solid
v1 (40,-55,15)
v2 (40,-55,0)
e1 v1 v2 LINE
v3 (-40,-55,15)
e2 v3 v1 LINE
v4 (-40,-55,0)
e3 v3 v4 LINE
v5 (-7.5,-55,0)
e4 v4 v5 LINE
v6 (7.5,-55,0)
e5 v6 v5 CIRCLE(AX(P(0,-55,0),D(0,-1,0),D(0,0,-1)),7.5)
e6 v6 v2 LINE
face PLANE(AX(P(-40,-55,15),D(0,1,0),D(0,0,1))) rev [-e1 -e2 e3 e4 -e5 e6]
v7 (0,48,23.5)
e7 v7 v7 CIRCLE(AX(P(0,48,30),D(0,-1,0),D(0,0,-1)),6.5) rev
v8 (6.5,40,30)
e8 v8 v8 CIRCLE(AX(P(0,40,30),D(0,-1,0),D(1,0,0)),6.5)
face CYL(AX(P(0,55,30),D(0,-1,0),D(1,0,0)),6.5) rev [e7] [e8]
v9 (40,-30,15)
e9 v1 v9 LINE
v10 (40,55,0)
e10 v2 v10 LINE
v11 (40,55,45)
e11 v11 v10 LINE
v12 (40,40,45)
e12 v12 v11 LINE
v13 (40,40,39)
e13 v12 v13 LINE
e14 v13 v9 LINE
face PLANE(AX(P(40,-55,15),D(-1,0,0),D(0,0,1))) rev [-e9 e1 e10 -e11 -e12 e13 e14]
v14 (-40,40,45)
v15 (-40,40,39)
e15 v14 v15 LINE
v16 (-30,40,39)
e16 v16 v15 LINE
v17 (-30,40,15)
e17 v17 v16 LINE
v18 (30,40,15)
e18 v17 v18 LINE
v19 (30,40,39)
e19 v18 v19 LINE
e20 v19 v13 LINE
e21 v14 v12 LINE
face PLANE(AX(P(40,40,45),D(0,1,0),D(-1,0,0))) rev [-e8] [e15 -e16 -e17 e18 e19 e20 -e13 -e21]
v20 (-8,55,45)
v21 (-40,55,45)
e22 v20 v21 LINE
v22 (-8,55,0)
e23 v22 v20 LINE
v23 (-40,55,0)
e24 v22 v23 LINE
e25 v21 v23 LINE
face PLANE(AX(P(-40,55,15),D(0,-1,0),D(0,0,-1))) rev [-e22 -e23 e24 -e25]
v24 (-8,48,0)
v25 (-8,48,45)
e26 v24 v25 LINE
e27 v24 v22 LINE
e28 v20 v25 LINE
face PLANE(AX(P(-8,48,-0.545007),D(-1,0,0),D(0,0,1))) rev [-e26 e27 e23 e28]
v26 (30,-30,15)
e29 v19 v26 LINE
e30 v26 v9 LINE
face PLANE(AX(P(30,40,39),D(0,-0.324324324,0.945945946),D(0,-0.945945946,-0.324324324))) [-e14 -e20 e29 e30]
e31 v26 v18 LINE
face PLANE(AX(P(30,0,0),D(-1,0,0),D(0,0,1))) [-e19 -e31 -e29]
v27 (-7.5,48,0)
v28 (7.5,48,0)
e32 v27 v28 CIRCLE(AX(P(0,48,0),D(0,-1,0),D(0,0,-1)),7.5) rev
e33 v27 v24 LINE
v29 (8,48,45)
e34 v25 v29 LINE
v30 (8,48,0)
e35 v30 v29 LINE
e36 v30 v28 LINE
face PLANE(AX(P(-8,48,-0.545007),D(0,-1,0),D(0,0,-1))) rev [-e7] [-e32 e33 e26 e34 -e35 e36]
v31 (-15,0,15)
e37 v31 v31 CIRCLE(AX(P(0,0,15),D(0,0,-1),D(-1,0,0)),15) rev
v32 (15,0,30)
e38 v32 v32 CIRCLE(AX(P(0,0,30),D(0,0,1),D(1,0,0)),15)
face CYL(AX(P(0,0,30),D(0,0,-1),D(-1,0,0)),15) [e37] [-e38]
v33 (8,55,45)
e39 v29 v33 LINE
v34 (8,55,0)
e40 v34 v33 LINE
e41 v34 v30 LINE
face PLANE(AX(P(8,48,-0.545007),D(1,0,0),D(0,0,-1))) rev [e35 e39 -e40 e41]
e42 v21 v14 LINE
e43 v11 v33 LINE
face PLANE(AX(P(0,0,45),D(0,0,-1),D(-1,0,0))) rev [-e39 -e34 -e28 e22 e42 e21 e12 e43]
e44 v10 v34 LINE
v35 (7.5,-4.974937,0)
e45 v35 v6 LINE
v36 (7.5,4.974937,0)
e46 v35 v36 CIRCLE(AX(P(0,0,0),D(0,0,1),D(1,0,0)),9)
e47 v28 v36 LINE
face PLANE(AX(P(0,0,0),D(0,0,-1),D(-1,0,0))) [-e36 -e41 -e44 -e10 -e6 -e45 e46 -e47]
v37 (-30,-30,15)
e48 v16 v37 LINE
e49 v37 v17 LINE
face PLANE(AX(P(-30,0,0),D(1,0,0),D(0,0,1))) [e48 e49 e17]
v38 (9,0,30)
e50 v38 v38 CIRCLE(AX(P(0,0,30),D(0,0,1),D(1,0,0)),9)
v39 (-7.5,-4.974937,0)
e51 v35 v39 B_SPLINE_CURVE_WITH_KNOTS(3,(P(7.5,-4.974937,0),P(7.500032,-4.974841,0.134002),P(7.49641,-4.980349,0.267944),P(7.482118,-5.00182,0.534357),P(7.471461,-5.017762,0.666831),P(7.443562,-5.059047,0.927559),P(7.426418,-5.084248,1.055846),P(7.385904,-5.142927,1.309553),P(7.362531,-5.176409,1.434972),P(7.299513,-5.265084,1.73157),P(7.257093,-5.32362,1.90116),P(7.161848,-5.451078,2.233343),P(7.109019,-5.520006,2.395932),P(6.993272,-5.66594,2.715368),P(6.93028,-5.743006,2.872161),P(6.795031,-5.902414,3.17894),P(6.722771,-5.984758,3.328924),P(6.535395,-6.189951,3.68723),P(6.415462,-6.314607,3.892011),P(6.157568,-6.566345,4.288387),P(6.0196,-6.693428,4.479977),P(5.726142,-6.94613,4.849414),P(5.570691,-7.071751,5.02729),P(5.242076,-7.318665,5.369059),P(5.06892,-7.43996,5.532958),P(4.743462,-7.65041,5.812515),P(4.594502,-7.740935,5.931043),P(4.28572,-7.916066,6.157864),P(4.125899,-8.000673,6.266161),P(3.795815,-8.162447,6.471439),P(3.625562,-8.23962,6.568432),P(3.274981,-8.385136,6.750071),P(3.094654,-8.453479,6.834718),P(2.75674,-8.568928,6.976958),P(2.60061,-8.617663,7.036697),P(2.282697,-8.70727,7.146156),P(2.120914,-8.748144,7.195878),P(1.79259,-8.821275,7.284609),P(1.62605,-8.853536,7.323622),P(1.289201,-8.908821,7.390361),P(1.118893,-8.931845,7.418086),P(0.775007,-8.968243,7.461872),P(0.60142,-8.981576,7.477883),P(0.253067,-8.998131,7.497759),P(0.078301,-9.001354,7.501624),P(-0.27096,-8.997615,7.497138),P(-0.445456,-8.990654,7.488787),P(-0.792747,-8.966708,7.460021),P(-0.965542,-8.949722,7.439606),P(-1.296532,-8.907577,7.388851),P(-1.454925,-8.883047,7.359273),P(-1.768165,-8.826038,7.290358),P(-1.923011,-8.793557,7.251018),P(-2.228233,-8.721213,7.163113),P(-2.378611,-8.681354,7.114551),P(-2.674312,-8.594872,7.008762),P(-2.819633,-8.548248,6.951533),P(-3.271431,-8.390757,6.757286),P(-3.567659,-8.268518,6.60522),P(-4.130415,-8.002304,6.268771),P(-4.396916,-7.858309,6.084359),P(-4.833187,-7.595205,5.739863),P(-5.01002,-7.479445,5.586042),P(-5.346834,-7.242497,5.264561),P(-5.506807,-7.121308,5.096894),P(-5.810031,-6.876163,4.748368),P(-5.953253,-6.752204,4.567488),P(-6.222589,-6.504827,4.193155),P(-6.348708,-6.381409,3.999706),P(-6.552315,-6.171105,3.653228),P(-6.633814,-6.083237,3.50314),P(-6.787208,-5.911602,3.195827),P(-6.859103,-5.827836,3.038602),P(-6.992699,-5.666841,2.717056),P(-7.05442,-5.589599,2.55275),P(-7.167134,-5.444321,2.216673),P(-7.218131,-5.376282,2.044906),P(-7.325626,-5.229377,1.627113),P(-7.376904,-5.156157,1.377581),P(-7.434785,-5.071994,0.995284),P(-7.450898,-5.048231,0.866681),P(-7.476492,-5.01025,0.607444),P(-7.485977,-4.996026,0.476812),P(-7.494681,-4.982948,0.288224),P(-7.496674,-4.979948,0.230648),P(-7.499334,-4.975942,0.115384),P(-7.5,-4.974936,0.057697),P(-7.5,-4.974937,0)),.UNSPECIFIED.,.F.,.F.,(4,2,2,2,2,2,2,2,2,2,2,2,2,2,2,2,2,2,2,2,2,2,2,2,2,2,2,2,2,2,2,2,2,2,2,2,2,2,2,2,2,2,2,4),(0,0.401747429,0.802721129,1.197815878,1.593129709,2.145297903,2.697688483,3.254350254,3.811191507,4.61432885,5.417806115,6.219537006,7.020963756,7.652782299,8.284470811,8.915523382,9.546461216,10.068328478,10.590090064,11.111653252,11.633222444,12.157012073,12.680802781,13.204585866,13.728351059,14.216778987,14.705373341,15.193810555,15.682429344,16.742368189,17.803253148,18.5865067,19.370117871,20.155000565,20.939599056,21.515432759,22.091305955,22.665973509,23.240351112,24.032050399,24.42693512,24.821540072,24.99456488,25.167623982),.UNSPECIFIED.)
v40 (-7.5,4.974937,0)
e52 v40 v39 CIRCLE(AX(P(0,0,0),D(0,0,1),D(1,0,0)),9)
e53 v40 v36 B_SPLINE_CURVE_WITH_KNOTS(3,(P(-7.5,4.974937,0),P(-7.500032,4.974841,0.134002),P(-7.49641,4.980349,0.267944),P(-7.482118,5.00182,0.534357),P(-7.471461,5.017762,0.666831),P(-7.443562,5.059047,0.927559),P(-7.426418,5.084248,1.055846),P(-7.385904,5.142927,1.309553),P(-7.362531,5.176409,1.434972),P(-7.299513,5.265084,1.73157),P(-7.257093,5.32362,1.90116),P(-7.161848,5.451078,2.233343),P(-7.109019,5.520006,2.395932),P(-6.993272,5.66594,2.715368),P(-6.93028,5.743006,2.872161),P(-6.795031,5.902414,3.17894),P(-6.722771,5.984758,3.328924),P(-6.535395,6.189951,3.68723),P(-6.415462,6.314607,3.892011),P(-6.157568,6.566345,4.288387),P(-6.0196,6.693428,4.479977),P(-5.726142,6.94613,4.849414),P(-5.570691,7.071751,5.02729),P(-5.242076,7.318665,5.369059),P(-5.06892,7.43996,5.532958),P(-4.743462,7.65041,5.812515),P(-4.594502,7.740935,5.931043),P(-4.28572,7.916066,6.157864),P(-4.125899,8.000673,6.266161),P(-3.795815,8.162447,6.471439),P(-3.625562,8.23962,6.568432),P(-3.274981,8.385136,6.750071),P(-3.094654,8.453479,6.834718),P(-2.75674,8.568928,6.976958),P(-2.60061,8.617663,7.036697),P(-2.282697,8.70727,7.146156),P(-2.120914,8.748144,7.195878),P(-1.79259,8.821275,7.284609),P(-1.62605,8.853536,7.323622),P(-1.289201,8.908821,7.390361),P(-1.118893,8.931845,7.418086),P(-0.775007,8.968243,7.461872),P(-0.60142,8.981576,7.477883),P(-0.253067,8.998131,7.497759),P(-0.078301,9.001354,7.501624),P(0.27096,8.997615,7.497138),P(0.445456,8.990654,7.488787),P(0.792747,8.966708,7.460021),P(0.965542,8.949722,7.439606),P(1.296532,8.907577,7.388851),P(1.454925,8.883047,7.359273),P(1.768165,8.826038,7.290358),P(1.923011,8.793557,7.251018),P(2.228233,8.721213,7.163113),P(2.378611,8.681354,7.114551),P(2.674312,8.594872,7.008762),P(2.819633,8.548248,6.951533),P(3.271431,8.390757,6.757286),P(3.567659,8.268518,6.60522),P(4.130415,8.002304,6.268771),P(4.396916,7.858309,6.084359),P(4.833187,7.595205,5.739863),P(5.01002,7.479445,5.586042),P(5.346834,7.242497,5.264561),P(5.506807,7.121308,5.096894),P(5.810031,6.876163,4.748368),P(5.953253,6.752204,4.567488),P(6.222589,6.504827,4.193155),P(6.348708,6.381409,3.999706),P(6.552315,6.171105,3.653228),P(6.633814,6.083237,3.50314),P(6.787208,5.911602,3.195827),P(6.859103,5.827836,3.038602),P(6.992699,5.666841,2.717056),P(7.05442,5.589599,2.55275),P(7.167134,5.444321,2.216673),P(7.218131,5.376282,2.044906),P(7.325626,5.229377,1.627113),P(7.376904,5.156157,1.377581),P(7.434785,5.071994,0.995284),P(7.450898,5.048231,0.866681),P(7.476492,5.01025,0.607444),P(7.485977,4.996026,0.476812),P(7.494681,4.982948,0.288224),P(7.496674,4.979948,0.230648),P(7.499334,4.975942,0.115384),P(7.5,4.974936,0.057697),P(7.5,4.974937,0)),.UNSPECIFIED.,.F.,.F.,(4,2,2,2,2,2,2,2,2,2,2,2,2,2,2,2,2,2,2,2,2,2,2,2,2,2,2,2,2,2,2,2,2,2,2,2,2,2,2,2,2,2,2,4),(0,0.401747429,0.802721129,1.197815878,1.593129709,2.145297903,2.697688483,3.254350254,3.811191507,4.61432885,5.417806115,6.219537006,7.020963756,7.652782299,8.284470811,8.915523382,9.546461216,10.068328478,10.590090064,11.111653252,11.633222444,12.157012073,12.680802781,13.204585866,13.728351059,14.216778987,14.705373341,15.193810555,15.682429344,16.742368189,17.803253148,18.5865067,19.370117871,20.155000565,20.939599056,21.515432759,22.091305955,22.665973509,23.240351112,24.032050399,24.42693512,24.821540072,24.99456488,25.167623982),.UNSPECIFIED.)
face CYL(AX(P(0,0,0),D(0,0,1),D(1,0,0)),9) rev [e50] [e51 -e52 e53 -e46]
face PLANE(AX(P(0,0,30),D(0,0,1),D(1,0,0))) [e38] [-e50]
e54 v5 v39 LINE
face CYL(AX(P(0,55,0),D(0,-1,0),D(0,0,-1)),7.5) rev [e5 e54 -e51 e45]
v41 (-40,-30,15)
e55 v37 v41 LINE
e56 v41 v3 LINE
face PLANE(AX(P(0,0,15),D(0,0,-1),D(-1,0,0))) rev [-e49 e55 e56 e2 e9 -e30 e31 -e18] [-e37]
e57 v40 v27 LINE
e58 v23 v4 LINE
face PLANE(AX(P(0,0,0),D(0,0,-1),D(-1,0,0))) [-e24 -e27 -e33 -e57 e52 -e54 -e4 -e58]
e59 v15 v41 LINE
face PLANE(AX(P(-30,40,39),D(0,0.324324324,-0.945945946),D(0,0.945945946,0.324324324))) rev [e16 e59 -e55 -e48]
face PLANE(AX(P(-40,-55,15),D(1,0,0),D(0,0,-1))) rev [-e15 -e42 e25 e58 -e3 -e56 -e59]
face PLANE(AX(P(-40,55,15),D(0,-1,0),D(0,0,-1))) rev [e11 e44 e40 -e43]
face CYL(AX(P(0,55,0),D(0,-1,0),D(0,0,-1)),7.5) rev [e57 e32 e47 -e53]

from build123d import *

# Parameters (mm, degrees)
SKETCH_1_W          = 80
SKETCH_1_H          = 110
EXTRUDE_1_DEPTH     = 15
SKETCH_2_W          = 80
SKETCH_2_H          = 15
EXTRUDE_2_DEPTH     = 30
EXTRUDE_3_DEPTH     = 10
SKETCH_4_R          = 15
EXTRUDE_4_DEPTH     = 15
SKETCH_5_R          = 9
CUT_EXTRUDE_1_DEPTH = 75.330343737
SKETCH_6_R          = 6.5
CUT_EXTRUDE_2_DEPTH = 113.472218792
SKETCH_7_R          = 7.5
CUT_EXTRUDE_3_DEPTH = 126.39936204
SKETCH_8_W          = 16
SKETCH_8_H          = 7
CUT_EXTRUDE_4_DEPTH = 82.547532274


with BuildPart() as part:
    # Эскиз1 → Бобышка-Вытянуть1 (new body)
    with BuildSketch(Plane.XY):
        Rectangle(SKETCH_1_W, SKETCH_1_H)
    extrude(amount=EXTRUDE_1_DEPTH)

    # Эскиз2 → Бобышка-Вытянуть2 (add)
    with BuildSketch(Plane.XY.offset(15)):
        with Locations((0, 47.5)):
            Rectangle(SKETCH_2_W, SKETCH_2_H)
    extrude(amount=EXTRUDE_2_DEPTH)

    # Эскиз3 → Бобышка-Вытянуть3 (add)
    with BuildSketch(Plane(origin=(40, 0, 0), x_dir=(0, 0, -1), z_dir=(1, 0, 0))):
        Polygon((-39, 40), (-15, -30), (-15, 40), align=None)
    extrude_3 = extrude(amount=-EXTRUDE_3_DEPTH)

    # Зеркальное отражение1: Бобышка-Вытянуть3 across plane
    add(extrude_3.mirror(Plane(origin=(0, 0, 0), x_dir=(0, 0, 1), z_dir=(1, 0, 0))))

    # Эскиз4 → Бобышка-Вытянуть4 (add)
    with BuildSketch(Plane.XY.offset(15)):
        with Locations(Location((0, 0, 0), (0, 0, 180))):
            Circle(SKETCH_4_R)
    extrude(amount=EXTRUDE_4_DEPTH)

    # Эскиз5 → Вырез-Вытянуть1 (cut, through all)
    with BuildSketch(Plane.XY.offset(30)):
        Circle(SKETCH_5_R)
    extrude(amount=-CUT_EXTRUDE_1_DEPTH, mode=Mode.SUBTRACT)

    # Эскиз6 → Вырез-Вытянуть2 (cut, through all)
    with BuildSketch(Plane.XZ.offset(-40)):
        with Locations((0, 30)):
            Circle(SKETCH_6_R)
    extrude(amount=-CUT_EXTRUDE_2_DEPTH, mode=Mode.SUBTRACT)

    # Эскиз7 → Вырез-Вытянуть3 (cut, through all)
    with BuildSketch(Plane.XZ.offset(55)):
        Circle(SKETCH_7_R)
    extrude(amount=-CUT_EXTRUDE_3_DEPTH, mode=Mode.SUBTRACT)

    # Эскиз8 → Вырез-Вытянуть4 (cut, through all)
    with BuildSketch(Plane.XY.offset(45)):
        with Locations((0, 51.5)):
            Rectangle(SKETCH_8_W, SKETCH_8_H)
    extrude(amount=-CUT_EXTRUDE_4_DEPTH, mode=Mode.SUBTRACT)


solid = part.part
